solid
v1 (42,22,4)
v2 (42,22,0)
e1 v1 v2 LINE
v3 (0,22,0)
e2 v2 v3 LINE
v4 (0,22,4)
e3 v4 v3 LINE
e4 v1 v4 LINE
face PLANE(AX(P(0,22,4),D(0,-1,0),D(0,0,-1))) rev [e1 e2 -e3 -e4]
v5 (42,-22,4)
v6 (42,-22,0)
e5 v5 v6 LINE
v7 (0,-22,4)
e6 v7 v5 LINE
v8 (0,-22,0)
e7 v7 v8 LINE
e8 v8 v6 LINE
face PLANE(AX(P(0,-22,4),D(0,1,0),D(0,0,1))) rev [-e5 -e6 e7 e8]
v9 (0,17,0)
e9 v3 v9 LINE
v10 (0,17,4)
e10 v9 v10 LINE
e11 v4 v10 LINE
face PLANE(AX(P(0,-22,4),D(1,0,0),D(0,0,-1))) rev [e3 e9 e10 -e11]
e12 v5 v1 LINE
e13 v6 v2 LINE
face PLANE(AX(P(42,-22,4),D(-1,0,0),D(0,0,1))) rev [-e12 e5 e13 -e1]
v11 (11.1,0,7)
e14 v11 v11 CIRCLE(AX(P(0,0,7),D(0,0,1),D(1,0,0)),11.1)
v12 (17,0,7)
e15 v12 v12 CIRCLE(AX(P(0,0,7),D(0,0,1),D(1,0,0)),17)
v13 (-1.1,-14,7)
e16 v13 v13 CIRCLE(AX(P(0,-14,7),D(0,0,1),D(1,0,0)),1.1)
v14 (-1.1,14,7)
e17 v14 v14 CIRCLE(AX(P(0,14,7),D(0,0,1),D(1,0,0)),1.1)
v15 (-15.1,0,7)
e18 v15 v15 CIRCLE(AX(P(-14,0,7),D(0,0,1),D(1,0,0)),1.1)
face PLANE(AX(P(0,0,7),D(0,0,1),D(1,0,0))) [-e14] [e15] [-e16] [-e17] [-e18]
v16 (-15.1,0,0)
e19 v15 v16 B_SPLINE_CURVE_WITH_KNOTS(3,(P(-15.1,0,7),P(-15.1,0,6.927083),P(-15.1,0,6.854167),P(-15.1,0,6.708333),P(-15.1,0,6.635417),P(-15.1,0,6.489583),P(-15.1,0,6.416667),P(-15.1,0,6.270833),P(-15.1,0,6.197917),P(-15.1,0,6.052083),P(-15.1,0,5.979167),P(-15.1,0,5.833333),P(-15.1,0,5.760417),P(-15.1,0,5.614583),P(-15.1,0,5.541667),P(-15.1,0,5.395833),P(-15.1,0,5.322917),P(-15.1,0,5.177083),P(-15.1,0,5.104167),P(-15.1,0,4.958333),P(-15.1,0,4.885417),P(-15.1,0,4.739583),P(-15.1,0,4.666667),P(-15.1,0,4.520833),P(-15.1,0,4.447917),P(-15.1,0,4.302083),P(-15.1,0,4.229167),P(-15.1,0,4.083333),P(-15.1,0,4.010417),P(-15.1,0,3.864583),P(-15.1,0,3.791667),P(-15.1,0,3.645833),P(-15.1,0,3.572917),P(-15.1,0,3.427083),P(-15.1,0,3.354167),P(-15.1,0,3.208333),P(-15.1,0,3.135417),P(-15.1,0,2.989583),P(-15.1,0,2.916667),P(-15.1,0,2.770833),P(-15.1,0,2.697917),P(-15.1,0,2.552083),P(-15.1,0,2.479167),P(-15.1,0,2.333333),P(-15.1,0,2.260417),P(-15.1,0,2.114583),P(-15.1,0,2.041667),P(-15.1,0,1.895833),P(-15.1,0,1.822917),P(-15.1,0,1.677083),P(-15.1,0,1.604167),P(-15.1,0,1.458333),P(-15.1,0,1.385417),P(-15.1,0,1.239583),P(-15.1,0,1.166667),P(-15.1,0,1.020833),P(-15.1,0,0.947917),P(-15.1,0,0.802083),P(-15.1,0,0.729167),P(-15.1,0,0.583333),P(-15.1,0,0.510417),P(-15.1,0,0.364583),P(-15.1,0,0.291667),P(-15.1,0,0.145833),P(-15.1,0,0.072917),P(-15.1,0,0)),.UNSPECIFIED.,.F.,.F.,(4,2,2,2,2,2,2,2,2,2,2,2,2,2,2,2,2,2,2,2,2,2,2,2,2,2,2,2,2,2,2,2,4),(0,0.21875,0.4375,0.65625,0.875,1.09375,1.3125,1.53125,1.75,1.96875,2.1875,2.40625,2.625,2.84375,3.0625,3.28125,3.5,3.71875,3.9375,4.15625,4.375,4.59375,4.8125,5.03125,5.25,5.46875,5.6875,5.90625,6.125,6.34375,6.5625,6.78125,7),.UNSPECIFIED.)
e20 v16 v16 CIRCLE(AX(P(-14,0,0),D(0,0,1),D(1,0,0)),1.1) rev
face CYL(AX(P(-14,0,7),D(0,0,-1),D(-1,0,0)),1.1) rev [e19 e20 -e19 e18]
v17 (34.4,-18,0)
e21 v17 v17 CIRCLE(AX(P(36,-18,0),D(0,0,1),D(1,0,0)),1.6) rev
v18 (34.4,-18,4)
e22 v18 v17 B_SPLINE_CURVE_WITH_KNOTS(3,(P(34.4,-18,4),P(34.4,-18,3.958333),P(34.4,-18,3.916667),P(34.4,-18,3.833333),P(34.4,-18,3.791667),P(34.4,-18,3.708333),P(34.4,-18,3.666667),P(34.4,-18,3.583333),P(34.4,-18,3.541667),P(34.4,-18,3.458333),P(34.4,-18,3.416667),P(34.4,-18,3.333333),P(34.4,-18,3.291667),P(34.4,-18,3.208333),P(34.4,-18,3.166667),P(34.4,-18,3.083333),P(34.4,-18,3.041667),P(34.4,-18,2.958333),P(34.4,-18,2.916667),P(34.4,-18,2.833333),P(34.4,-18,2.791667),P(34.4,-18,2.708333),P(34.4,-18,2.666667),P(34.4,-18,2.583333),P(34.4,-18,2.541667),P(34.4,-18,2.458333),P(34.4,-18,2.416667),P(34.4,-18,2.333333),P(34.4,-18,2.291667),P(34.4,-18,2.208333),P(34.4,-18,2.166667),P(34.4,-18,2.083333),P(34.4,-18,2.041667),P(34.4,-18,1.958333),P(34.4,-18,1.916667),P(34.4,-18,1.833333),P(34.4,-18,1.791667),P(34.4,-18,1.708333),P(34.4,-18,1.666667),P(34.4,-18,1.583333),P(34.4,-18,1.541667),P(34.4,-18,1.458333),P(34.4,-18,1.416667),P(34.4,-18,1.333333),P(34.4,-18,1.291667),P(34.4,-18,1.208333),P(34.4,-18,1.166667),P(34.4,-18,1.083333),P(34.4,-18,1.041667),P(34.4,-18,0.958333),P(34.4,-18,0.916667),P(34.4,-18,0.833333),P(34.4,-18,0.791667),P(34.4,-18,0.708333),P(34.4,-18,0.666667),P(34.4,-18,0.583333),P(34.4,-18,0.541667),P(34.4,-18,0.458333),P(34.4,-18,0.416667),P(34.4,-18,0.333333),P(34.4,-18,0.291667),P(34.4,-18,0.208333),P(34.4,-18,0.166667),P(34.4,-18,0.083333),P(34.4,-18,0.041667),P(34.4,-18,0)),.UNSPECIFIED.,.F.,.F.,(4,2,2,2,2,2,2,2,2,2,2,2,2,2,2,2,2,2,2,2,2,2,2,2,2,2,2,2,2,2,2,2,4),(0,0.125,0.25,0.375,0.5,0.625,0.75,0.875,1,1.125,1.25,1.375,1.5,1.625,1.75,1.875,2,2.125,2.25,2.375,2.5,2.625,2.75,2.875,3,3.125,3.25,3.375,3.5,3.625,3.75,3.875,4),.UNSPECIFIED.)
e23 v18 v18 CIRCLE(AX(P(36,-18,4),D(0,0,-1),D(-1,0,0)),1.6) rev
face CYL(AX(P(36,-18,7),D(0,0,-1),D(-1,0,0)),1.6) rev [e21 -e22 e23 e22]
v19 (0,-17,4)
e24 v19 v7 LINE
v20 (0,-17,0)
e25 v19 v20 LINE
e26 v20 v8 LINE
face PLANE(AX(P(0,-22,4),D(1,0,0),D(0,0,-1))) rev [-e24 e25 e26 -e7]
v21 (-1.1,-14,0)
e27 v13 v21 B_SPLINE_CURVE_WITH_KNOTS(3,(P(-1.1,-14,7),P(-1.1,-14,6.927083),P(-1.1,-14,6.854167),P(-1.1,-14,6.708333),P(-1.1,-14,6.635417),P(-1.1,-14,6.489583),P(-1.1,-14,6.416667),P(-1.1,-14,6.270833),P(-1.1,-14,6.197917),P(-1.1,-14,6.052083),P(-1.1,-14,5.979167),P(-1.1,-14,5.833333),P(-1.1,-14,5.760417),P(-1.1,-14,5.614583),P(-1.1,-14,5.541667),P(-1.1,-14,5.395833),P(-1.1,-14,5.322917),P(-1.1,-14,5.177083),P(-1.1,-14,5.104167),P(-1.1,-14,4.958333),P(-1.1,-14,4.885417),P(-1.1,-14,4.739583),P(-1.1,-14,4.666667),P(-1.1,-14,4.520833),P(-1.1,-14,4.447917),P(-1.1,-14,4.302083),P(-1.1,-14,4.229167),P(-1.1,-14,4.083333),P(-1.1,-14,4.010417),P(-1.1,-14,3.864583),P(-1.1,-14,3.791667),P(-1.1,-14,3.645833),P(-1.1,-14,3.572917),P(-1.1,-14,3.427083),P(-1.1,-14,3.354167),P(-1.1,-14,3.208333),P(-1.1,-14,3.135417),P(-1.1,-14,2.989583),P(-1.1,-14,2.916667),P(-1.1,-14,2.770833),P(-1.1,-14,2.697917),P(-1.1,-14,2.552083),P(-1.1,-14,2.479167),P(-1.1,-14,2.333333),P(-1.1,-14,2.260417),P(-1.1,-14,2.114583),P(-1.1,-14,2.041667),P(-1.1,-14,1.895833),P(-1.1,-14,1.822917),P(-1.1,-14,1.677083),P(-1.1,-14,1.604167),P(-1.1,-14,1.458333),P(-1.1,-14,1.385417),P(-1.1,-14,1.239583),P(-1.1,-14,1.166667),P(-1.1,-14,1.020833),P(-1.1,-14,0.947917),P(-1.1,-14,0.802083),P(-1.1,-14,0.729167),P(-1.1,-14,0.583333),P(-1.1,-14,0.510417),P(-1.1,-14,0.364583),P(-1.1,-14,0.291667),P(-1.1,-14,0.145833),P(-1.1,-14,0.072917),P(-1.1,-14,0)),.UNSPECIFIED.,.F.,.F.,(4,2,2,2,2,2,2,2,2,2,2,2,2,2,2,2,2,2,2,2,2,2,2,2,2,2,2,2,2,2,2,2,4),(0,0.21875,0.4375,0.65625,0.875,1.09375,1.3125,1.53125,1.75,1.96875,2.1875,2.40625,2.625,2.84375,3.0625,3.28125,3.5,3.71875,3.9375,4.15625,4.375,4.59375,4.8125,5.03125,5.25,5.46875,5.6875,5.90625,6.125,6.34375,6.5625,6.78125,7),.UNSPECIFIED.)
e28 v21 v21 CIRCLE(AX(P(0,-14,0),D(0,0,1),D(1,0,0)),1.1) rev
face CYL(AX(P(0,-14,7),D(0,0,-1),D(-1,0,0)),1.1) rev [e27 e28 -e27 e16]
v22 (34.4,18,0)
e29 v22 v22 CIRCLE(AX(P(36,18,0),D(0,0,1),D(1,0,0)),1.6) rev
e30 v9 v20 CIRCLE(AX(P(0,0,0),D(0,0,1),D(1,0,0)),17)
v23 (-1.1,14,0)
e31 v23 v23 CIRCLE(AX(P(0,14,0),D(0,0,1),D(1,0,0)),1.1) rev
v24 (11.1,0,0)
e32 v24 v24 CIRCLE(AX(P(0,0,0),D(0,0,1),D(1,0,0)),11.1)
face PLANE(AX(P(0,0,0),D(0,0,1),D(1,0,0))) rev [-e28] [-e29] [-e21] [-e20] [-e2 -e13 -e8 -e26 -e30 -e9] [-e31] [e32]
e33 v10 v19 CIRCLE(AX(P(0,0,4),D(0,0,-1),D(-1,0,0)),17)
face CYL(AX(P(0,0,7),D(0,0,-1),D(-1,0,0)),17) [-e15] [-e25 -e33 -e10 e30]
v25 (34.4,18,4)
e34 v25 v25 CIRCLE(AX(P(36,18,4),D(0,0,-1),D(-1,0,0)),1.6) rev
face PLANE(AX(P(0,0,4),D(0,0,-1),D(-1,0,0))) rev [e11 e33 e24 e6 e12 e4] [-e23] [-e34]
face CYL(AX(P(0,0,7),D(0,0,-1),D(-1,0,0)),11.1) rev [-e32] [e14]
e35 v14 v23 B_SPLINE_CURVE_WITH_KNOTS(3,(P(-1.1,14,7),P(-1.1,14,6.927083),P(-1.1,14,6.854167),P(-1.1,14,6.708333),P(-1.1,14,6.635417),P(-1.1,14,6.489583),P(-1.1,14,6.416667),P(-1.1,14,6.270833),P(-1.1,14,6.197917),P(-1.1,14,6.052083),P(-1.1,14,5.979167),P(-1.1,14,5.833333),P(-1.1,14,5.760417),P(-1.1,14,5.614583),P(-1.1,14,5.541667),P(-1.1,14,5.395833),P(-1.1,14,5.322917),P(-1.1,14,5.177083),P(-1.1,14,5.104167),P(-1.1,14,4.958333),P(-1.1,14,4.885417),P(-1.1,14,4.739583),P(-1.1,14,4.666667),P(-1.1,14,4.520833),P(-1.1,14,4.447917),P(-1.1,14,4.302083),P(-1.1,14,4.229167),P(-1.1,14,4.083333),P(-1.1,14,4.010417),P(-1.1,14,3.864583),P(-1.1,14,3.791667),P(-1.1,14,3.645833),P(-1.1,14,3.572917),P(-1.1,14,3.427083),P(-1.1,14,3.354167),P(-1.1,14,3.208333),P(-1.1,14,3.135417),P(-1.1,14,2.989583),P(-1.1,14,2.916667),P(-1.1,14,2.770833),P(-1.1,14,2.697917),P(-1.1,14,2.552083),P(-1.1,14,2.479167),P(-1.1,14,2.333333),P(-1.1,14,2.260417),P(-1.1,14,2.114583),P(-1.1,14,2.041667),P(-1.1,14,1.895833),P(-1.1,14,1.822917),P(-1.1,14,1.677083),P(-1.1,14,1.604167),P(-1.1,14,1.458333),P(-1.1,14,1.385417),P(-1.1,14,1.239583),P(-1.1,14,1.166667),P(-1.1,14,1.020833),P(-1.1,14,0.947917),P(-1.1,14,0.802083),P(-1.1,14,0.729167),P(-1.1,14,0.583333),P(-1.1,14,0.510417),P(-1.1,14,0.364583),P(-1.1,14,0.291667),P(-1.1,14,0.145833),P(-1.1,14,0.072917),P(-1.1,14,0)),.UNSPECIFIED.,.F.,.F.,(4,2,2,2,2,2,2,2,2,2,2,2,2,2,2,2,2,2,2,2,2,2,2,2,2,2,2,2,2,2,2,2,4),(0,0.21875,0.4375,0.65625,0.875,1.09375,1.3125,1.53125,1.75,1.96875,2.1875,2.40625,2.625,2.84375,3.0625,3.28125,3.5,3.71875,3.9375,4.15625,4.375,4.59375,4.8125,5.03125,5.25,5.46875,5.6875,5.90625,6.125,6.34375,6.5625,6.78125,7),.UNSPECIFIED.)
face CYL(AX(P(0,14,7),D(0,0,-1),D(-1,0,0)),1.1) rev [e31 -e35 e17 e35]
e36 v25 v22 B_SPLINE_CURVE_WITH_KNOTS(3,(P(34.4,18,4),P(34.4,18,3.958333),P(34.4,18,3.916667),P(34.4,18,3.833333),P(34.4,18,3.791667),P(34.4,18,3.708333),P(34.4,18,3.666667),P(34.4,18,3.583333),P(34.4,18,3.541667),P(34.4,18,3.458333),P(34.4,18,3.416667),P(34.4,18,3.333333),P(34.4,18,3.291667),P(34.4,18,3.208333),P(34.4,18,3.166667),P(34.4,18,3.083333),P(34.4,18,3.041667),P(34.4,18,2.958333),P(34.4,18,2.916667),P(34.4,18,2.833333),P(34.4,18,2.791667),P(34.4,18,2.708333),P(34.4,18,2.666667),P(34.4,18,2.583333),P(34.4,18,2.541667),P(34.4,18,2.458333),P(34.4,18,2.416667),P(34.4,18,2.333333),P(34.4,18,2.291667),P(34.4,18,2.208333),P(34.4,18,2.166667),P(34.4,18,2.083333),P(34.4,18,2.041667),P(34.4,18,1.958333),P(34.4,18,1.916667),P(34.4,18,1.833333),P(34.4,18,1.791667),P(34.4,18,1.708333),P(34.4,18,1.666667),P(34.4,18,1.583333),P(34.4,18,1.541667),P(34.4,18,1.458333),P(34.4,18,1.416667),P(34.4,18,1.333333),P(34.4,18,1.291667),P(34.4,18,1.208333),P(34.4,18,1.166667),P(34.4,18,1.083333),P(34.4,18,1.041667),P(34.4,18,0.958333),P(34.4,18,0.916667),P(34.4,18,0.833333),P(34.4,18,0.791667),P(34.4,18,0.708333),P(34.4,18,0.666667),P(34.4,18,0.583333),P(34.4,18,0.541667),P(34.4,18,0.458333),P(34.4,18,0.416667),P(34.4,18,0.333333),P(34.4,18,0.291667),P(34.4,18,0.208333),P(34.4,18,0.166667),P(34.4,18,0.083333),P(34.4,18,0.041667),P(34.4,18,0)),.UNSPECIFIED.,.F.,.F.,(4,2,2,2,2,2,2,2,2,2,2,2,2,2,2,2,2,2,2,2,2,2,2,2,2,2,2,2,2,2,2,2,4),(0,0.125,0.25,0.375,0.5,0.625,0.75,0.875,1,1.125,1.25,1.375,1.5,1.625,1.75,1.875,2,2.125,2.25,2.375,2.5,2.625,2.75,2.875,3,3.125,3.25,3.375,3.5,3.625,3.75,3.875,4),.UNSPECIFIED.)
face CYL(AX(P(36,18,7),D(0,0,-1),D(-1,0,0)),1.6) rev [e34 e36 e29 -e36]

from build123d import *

# Parameters (mm, degrees)
BEARING_HOUSING_PROFILE_R          = 17
BEARING_HOUSING_PROFILE_R_2        = 11.1
BEARING_HOUSING_DEPTH              = 7
MOUNTING_WEB_PROFILE_W             = 42
MOUNTING_WEB_PROFILE_H             = 44
MOUNTING_WEB_DEPTH                 = 4
BEARING_SEAT_START                 = -50
BEARING_SEAT_PROFILE_R             = 11.1
BEARING_SEAT_DEPTH                 = 98.927027865
STANDOFF_FASTENERS_START           = -50
STANDOFF_FASTENERS_PROFILE_R       = 1.6
STANDOFF_FASTENERS_DEPTH           = 98.927027865
BEARING_KEEPER_FASTENERS_START     = -50
BEARING_KEEPER_FASTENERS_PROFILE_R = 1.1
BEARING_KEEPER_FASTENERS_DEPTH     = 98.927027865


with BuildPart() as part:
    # Bearing_housing_profile → Bearing_housing (new body)
    with BuildSketch(Plane.XY):
        Circle(BEARING_HOUSING_PROFILE_R)
        Circle(BEARING_HOUSING_PROFILE_R_2, mode=Mode.SUBTRACT)
    extrude(amount=BEARING_HOUSING_DEPTH)

    # Mounting_web_profile → Mounting_web (add)
    with BuildSketch(Plane.XY):
        with Locations((21, 0)):
            Rectangle(MOUNTING_WEB_PROFILE_W, MOUNTING_WEB_PROFILE_H)
    extrude(amount=MOUNTING_WEB_DEPTH)

    # Bearing_seat_profile → Bearing_seat (cut, through all)
    with BuildSketch(Plane.XY.offset(BEARING_SEAT_START)):
        Circle(BEARING_SEAT_PROFILE_R)
    extrude(amount=BEARING_SEAT_DEPTH, mode=Mode.SUBTRACT)

    # Standoff_fasteners_profile → Standoff_fasteners (cut, through all)
    with BuildSketch(Plane.XY.offset(STANDOFF_FASTENERS_START)):
        with Locations(Location((36, -18, 0), (0, 0, 180))):
            Circle(STANDOFF_FASTENERS_PROFILE_R)
        with Locations(Location((36, 18, 0), (0, 0, 180))):
            Circle(STANDOFF_FASTENERS_PROFILE_R)
    extrude(amount=STANDOFF_FASTENERS_DEPTH, mode=Mode.SUBTRACT)

    # Bearing_keeper_fasteners_profile → Bearing_keeper_fasteners (cut, through all)
    with BuildSketch(Plane.XY.offset(BEARING_KEEPER_FASTENERS_START)):
        with Locations(Location((-14, 0, 0), (0, 0, 180))):
            Circle(BEARING_KEEPER_FASTENERS_PROFILE_R)
        with Locations(Location((0, -14, 0), (0, 0, 180))):
            Circle(BEARING_KEEPER_FASTENERS_PROFILE_R)
        with Locations(Location((0, 14, 0), (0, 0, 180))):
            Circle(BEARING_KEEPER_FASTENERS_PROFILE_R)
    extrude(amount=BEARING_KEEPER_FASTENERS_DEPTH, mode=Mode.SUBTRACT)


solid = part.part
